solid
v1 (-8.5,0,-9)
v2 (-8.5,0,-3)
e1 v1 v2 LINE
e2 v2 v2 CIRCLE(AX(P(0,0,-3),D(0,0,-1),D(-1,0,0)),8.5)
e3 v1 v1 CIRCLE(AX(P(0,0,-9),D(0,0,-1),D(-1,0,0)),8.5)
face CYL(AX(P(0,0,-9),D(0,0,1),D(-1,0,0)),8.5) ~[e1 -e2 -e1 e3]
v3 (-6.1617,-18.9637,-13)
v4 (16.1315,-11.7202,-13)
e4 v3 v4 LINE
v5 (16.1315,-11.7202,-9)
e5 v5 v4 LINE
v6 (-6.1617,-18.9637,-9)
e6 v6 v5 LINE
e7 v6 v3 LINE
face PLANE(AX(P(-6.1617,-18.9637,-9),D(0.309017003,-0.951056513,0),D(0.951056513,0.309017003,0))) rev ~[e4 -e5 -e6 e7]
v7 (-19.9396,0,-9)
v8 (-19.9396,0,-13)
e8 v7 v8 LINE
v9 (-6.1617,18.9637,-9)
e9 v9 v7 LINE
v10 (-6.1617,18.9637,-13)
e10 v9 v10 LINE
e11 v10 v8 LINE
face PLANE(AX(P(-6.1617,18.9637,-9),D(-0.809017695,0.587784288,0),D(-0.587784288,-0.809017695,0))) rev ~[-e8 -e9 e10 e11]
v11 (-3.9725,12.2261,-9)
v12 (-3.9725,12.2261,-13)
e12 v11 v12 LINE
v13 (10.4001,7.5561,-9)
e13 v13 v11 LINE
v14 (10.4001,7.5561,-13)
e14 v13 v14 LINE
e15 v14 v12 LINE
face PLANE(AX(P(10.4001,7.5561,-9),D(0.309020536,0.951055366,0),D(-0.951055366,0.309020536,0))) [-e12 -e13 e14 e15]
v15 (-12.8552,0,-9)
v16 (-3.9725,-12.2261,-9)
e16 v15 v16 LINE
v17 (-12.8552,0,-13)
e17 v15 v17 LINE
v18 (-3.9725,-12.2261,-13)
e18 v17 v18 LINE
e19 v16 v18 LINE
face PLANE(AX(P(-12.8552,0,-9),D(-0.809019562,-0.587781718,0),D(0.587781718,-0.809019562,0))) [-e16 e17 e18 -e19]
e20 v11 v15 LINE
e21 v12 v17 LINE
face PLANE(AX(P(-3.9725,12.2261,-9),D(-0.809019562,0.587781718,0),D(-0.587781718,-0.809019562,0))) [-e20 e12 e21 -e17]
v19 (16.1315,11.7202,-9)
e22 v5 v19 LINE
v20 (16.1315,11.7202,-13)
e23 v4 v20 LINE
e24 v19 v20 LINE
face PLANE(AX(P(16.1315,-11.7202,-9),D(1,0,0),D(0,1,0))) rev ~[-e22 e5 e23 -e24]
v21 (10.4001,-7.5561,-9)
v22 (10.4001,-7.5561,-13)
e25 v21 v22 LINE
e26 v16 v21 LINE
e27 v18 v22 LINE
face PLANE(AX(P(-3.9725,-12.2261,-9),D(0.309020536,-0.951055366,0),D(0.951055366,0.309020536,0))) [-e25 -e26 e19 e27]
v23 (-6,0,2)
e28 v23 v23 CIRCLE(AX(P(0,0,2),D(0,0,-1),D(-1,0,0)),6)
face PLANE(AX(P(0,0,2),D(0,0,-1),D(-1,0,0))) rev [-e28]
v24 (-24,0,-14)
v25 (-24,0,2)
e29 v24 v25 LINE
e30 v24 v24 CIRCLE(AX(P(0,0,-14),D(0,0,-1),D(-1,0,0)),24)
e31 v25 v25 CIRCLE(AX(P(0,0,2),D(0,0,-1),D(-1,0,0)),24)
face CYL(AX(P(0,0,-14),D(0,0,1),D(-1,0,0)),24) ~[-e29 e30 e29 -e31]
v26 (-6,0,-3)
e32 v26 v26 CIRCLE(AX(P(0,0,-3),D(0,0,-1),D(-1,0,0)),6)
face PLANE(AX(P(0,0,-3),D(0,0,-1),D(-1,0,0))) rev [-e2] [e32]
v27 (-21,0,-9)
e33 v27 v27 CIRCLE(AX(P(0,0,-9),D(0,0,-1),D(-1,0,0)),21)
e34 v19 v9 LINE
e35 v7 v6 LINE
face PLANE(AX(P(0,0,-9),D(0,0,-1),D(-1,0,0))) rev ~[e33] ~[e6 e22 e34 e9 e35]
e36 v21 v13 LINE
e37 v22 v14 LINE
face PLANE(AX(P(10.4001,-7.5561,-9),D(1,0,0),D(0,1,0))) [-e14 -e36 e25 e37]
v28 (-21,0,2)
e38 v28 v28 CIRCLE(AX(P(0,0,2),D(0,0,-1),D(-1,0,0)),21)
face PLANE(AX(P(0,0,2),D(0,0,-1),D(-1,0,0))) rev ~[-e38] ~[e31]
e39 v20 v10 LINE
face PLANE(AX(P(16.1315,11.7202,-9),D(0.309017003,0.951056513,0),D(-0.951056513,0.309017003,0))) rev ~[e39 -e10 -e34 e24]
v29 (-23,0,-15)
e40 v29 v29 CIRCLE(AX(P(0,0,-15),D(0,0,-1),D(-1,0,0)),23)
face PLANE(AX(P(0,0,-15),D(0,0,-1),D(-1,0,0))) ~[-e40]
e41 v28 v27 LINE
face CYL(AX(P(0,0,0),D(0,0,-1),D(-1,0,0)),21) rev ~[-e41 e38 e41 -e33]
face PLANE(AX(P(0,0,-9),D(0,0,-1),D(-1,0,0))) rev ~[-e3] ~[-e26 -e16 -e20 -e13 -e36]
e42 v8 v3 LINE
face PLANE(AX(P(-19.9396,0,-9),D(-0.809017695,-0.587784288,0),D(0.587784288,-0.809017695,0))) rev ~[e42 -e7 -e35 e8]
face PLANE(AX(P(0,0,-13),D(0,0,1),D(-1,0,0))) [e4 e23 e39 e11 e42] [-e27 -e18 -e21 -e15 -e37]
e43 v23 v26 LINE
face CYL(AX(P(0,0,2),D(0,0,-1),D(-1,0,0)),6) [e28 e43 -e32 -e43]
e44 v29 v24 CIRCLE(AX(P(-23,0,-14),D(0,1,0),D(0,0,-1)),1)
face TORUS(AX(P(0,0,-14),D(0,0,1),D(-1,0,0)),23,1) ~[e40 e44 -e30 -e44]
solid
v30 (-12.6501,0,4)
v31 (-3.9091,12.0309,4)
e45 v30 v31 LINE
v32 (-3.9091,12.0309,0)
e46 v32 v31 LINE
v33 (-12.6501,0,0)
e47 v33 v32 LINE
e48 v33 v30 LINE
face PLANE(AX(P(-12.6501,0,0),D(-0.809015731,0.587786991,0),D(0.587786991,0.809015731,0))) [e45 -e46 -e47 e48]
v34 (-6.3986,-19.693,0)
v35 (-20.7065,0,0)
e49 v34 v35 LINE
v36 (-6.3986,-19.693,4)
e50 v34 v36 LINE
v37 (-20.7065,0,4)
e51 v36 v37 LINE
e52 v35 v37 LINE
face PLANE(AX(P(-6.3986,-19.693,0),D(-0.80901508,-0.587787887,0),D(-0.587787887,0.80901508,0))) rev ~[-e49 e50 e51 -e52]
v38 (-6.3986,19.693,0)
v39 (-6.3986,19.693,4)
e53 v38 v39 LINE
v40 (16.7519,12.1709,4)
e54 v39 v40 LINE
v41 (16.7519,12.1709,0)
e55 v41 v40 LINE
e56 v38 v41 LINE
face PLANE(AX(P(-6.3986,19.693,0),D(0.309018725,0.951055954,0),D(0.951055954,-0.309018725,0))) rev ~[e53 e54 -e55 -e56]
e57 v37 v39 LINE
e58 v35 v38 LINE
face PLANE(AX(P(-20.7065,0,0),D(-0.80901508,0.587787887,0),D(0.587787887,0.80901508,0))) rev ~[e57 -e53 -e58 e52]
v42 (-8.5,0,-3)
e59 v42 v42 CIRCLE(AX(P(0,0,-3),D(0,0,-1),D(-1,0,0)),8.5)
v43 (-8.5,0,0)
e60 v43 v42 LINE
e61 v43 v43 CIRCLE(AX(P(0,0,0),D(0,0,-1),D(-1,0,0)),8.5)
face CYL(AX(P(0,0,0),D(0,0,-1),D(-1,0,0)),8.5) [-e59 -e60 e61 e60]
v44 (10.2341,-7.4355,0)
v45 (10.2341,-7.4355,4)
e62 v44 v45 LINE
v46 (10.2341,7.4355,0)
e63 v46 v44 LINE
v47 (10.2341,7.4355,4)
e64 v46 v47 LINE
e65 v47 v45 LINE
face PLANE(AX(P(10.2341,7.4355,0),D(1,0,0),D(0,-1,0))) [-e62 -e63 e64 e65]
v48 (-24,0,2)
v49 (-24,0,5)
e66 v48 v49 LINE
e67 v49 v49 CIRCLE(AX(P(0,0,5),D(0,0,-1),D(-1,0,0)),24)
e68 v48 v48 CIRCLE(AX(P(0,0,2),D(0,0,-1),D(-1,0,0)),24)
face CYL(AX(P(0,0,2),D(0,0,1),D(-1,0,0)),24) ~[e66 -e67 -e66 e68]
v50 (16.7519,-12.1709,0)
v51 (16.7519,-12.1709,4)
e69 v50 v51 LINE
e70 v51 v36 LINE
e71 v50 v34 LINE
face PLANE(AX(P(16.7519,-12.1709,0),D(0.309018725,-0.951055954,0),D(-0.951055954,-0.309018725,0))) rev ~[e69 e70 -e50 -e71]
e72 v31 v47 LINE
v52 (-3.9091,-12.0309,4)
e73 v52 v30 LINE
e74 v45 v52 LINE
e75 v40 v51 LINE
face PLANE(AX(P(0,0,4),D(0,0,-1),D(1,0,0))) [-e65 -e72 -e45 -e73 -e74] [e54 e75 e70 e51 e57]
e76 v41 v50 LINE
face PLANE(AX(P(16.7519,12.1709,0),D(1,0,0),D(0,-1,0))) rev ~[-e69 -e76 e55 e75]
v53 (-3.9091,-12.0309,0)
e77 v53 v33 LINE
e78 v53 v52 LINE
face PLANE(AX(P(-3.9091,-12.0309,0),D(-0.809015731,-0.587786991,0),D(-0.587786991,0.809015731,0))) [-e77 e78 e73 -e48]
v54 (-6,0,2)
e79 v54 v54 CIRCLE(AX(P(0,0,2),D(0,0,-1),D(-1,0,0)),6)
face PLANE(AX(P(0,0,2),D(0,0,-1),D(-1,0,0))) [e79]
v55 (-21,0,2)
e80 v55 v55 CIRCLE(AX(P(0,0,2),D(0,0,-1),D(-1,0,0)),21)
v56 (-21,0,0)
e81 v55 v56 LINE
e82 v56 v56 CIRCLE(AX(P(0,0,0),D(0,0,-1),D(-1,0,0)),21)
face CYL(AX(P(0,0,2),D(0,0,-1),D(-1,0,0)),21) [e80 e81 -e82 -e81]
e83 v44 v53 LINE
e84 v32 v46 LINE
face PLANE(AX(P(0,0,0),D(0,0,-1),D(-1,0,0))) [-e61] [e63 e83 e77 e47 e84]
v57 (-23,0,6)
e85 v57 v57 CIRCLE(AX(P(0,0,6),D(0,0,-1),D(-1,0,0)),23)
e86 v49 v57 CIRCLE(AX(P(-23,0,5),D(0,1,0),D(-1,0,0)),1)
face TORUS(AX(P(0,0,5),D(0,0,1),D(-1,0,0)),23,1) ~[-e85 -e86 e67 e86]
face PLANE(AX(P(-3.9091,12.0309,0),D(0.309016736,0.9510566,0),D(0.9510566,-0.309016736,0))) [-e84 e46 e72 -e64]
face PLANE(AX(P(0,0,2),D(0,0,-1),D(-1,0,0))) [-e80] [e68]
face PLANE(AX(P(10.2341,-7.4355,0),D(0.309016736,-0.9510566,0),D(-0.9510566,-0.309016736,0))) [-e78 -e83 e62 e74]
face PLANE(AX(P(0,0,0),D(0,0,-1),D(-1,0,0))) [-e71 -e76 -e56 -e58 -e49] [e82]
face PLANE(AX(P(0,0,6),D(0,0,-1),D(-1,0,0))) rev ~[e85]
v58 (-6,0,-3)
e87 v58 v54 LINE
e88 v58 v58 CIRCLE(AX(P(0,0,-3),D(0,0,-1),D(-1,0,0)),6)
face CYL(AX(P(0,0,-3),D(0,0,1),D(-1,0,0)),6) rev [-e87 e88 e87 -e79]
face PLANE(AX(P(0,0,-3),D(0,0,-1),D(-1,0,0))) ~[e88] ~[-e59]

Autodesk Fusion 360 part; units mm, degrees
sketch "Sketch1" plane through (0, 0, 0) normal (0, 1, 0) x (1, 0, 0)
  line L0 (0, -45) -> (0, 23.1854)
  line L1 (0, 15) -> (-23, 15)
  line L2 (-24, 14) -> (-24, -2)
  line L3 (0, -2) -> (0, 15)
  arc A0 (-23, 15) -> (-24, 14) centre (-23, 14) ccw
  line L4 (-21, 9) -> (-8.5, 9)
  line L5 (-8.5, 9) -> (-8.5, 3)
  line L6 (-21, 0) -> (-21, 9)
  line L7 (-21, 0) -> (-21, -2)
  line L8 (-24, -2) -> (-21, -2)
  line L9 (-6, 3) -> (-8.5, 3)
  line L10 (0, -2) -> (-6, -2)
  line L11 (-6, -2) -> (-6, 3)
  line L12 (0, 3) -> (0, -2)
  dimension "d2" = 17
  dimension "d3" = 1
  dimension "d4" = 12.5
  dimension "d5" = 9
revolve "Revolve1" add sketch "Sketch1" angle 360 about axis through (0, 0, 45) along (0, 0, -1) makes body 1
sketch "Sketch2" plane through (0, 0, -9) normal (0, 0, 1) x (-1, 0, 0)
  circle A0 centre (0, 0) radius 8.5
  circle A1 centre (0, 0) radius 21
  line L0 (19.9396, 0) -> (6.1617, 18.9637)
  line L1 (6.1617, 18.9637) -> (-16.1315, 11.7202)
  line L2 (-16.1315, 11.7202) -> (-16.1315, -11.7202)
  line L3 (-16.1315, -11.7202) -> (6.1617, -18.9637)
  line L4 (6.1617, -18.9637) -> (19.9396, 0)
  line L5 (12.8552, 0) -> (3.9725, 12.2261)
  line L6 (3.9725, 12.2261) -> (-10.4001, 7.5561)
  line L7 (-10.4001, 7.5561) -> (-10.4001, -7.5561)
  line L8 (-10.4001, -7.5561) -> (3.9725, -12.2261)
  line L9 (3.9725, -12.2261) -> (12.8552, 0)
extrude "Extrude1" cut sketch "Sketch2" against normal blind 4 contours L0 L1 L2 L3 L4 bodies 1
copy_body "Body->Comp1" bodies 1 removing the originals makes body 2 in component "Component"
sketch "Sketch1 (2)" plane through (0, 0, 0) normal (0, 1, 0) x (1, 0, 0) in component "Component'"
  line L0 (0, -11) -> (0, 18)
  line L1 (-24, -2) -> (-21, -2)
  line L2 (-21, -2) -> (-21, 0)
  line L3 (-21, 0) -> (-8.5, 0)
  line L4 (-8.5, 0) -> (-8.5, 3)
  line L5 (-6, 3) -> (-6, -2)
  line L6 (-6, -2) -> (0, -2)
  line L7 (-24, -2) -> (-24, -5)
  line L8 (-23, -6) -> (0, -6)
  line L9 (0, -2) -> (0, -6)
  line L10 (-6, 3) -> (-8.5, 3)
  arc A0 (-24, -5) -> (-23, -6) centre (-23, -5) ccw
  dimension "d9" = 12.5
  dimension "d10" = 1
revolve "Revolve1'" add sketch "Sketch1 (2)" angle 360 about axis through (0, 0, 11) along (0, 0, -1) separate body makes body 3 in component "Component'"
sketch "Sketch2 (2)" plane through (0, 0, 0) normal (0, 0, -1) x (1, 0, 0) in component "Component'"
  circle A0 centre (0, 0) radius 21
  circle A1 centre (0, 0) radius 8.5
  line L0 (-20.7065, 0) -> (-6.3986, -19.693)
  line L1 (-6.3986, -19.693) -> (16.7519, -12.1709)
  line L2 (16.7519, -12.1709) -> (16.7519, 12.1709)
  line L3 (16.7519, 12.1709) -> (-6.3986, 19.693)
  line L4 (-6.3986, 19.693) -> (-20.7065, 0)
  line L5 (-12.6501, 0) -> (-3.9091, -12.0309)
  line L6 (-3.9091, -12.0309) -> (10.2341, -7.4355)
  line L7 (10.2341, -7.4355) -> (10.2341, 7.4355)
  line L8 (10.2341, 7.4355) -> (-3.9091, 12.0309)
  line L9 (-3.9091, 12.0309) -> (-12.6501, 0)
extrude "Extrude1'" cut sketch "Sketch2 (2)" against normal blind 4 contours L0 L1 L2 L3 L4 bodies 3 in component "Component'"
component "Component" placed x (1, 0, 0) y (0, 1, 0) z (0, 0, 1) at (0, 0, 0)
component "Component'" placed x (1, 0, 0) y (0, 1, 0) z (0, 0, 1) at (0, 0, 0) in component "Component"
